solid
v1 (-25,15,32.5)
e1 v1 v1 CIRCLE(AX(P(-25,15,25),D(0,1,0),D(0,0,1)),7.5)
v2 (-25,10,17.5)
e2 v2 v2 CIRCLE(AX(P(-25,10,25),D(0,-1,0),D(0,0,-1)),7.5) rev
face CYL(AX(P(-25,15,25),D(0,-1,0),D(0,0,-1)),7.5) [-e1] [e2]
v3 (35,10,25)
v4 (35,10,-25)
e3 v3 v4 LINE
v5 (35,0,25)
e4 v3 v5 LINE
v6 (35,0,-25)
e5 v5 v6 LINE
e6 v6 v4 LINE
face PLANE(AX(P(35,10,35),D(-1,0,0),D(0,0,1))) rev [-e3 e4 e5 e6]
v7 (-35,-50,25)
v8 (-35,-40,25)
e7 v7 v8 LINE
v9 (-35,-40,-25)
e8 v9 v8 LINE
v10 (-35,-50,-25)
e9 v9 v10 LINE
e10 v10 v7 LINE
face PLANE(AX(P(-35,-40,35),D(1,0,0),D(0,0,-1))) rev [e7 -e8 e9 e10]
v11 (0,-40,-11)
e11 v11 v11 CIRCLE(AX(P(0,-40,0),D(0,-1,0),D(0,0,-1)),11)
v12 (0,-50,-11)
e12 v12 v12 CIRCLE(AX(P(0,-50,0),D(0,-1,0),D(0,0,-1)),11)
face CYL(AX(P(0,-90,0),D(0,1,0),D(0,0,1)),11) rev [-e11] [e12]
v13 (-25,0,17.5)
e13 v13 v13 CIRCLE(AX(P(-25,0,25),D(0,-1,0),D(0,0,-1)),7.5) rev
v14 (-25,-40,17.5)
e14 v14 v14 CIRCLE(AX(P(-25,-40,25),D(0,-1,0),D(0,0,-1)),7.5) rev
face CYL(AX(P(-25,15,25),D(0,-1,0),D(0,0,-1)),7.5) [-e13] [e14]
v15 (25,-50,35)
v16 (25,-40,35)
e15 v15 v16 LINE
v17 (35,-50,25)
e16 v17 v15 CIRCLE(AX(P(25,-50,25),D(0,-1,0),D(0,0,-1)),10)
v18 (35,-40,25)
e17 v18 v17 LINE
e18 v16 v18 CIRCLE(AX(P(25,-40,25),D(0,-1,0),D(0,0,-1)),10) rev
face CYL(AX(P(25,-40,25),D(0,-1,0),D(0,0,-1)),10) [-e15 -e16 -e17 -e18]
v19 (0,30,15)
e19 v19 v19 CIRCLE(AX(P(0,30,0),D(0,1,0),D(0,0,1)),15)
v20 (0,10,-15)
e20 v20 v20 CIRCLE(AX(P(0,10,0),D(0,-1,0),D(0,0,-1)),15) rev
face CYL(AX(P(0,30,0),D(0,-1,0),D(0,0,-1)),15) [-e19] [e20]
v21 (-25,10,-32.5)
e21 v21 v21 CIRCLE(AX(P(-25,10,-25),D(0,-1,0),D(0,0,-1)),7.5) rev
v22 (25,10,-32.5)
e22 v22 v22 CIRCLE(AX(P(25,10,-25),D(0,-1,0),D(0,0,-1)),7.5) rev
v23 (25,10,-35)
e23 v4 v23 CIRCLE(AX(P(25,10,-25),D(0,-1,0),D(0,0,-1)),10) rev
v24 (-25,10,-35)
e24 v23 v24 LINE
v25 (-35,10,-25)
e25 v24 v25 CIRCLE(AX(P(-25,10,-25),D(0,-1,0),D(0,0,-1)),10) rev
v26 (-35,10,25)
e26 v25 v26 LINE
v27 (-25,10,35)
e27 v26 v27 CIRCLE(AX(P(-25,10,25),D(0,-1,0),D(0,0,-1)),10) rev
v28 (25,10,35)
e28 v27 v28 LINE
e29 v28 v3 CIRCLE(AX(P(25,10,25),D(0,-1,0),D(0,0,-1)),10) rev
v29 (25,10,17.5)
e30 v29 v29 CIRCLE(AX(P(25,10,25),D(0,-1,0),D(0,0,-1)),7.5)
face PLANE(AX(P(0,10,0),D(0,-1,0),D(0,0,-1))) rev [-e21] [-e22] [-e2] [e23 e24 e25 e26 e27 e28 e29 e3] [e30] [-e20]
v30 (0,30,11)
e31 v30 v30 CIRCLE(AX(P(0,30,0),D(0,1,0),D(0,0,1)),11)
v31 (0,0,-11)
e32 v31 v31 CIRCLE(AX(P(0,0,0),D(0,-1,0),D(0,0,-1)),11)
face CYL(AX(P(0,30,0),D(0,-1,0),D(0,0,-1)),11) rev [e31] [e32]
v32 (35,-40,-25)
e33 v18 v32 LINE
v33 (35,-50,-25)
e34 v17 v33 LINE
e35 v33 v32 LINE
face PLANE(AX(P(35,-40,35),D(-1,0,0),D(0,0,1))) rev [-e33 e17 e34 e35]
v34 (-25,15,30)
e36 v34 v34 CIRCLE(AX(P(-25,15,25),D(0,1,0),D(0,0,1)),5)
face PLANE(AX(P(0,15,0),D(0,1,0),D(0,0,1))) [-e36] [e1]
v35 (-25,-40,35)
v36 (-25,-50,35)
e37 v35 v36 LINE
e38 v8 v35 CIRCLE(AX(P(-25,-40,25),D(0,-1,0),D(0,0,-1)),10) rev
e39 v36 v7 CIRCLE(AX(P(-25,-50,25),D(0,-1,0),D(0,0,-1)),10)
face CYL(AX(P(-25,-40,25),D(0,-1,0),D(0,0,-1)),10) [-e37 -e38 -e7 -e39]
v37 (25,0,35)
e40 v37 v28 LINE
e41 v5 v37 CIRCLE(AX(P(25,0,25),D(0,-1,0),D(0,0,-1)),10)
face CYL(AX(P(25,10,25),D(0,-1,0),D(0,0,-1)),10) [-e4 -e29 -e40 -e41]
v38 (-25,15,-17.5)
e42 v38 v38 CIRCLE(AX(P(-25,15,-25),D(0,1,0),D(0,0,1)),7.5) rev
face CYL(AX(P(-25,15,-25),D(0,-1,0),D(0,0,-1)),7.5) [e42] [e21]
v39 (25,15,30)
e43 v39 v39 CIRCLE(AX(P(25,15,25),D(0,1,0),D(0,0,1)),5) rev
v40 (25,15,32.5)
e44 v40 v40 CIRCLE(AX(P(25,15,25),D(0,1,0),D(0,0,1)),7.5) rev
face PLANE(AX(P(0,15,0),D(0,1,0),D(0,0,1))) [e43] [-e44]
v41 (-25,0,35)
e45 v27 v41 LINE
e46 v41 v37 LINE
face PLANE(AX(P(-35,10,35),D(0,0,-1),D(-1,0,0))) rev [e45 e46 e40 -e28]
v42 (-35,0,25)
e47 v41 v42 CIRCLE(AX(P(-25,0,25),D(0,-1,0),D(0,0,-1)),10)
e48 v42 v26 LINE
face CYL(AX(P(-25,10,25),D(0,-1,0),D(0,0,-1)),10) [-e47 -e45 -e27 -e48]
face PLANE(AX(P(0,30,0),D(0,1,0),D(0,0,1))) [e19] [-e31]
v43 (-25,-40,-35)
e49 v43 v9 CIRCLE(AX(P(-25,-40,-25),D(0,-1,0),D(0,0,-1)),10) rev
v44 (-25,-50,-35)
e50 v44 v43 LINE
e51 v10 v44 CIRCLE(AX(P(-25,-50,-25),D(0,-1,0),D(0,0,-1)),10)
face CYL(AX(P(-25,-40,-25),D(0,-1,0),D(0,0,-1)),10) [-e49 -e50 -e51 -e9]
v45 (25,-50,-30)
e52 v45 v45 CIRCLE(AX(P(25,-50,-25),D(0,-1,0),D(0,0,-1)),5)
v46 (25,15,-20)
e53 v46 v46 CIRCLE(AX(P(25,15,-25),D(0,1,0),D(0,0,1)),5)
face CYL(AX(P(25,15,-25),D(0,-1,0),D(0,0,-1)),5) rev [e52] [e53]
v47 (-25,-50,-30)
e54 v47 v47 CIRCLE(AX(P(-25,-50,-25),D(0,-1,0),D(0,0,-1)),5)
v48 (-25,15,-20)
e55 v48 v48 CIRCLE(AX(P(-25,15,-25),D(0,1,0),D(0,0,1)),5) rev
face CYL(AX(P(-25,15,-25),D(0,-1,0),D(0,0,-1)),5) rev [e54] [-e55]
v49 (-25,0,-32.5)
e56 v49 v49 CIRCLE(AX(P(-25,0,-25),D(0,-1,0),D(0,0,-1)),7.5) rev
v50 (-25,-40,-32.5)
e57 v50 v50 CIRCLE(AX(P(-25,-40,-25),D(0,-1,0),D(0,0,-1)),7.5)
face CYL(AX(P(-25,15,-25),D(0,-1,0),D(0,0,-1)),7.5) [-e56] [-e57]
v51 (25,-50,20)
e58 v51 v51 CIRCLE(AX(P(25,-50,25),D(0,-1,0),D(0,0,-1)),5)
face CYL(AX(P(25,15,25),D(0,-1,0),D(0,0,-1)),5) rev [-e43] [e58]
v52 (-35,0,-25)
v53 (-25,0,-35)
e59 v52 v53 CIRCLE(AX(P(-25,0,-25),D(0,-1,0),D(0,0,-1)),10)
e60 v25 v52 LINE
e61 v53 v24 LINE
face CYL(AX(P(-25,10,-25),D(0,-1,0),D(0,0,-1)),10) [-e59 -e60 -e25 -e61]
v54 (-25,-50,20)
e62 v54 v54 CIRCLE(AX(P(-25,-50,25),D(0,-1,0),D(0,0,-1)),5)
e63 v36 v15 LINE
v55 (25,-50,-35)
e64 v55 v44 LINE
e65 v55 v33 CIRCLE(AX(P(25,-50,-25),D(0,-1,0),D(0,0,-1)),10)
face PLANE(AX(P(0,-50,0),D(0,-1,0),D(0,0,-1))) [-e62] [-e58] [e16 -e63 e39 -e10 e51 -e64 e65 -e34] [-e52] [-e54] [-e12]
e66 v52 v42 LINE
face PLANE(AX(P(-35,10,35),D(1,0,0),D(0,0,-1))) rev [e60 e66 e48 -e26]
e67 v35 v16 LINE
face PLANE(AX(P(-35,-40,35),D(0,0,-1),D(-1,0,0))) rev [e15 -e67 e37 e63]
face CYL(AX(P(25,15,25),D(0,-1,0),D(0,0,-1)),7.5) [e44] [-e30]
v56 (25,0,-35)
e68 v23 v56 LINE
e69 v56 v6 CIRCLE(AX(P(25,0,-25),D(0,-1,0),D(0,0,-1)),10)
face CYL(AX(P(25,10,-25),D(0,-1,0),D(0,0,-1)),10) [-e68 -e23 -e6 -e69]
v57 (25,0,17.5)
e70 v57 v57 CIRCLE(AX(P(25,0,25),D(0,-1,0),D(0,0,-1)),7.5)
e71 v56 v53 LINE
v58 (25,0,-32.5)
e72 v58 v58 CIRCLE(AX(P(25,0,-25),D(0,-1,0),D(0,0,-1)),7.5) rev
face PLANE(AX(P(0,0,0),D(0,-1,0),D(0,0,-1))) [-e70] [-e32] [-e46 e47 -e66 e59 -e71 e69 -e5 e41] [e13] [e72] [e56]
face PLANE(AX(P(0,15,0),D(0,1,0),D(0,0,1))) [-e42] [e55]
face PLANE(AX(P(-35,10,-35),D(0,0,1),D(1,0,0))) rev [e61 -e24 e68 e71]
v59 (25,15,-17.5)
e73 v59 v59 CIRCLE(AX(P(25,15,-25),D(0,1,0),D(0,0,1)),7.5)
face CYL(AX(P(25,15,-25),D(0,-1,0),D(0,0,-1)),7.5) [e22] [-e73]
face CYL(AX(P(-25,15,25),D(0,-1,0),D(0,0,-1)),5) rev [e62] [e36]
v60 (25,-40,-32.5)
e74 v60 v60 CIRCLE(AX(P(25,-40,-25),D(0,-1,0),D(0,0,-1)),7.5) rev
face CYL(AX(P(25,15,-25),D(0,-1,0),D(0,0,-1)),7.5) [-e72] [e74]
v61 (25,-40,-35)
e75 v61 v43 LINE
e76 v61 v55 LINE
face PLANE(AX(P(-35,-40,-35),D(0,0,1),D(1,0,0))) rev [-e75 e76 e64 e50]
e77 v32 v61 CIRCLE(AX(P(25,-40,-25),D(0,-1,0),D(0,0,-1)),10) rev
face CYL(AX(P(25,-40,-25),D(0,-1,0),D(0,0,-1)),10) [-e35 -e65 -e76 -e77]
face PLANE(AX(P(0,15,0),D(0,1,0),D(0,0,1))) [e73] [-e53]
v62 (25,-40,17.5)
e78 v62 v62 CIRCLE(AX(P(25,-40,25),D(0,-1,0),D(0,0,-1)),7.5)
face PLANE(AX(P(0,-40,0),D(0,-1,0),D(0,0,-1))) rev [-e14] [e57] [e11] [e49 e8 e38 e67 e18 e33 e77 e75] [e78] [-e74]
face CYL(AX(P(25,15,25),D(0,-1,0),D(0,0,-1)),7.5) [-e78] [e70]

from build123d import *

# Parameters (mm, degrees)
SKETCH1_W                = 70
SKETCH1_H                = 70
BOSS_EXTRUDE1_DEPTH      = 10
LPATTERN2_COUNT          = 2
LPATTERN2_PITCH          = 50
SKETCH2_R                = 15
SKETCH2_R_2              = 11
BOSS_EXTRUDE2_DEPTH      = 20
BOSS_EXTRUDE3_DEPTH      = 5
BOSS_EXTRUDE3_DEPTH_BACK = 55
SKETCH2_3_R              = 7.5
SKETCH2_3_R_2            = 5
CUT_EXTRUDE1_START       = -100
SKETCH3_R                = 5
SKETCH3_R_2              = 11
CUT_EXTRUDE1_DEPTH       = 100
FILLET1_R                = 10


with BuildPart() as part:
    # Sketch1 → Boss-Extrude1 (new body)
    with BuildSketch(Plane(origin=(0, 0, 0), x_dir=(1, 0, 0), z_dir=(0, 1, 0))):
        Rectangle(SKETCH1_W, SKETCH1_H)
    extrude(amount=BOSS_EXTRUDE1_DEPTH)


with BuildPart() as lpattern2_1:
    # LPattern2: pattern copy
    add(part.part.moved(Location(Vector(0, -1, 0) * (1 * LPATTERN2_PITCH))))


with BuildPart() as part_1:
    add(part.part)

    # Sketch2 → Boss-Extrude2 (add)
    with BuildSketch(Plane(origin=(0, 10, 0), x_dir=(1, 0, 0), z_dir=(0, 1, 0))):
        Circle(SKETCH2_R)
        Circle(SKETCH2_R_2, mode=Mode.SUBTRACT)
    extrude(amount=BOSS_EXTRUDE2_DEPTH)

    add(lpattern2_1.part)  # Boss-Extrude3 merges LPattern2_1
    # Sketch2<3> → Boss-Extrude3 (add, two sides: drawn at the far end of the back side and taken through both)
    # profile 1 of 4: a face of its own
    with BuildSketch(Plane(origin=(0, 10, 0), x_dir=(1, 0, 0), z_dir=(0, 1, 0)).offset(-BOSS_EXTRUDE3_DEPTH_BACK)):
        with Locations((25, 25)):
            Circle(SKETCH2_3_R)
        with Locations((25, 25)):
            Circle(SKETCH2_3_R_2, mode=Mode.SUBTRACT)
    # profile 2 of 4: a face of its own
    with BuildSketch(Plane(origin=(0, 10, 0), x_dir=(1, 0, 0), z_dir=(0, 1, 0)).offset(-BOSS_EXTRUDE3_DEPTH_BACK)):
        with Locations((-25, 25)):
            Circle(SKETCH2_3_R)
        with Locations((-25, 25)):
            Circle(SKETCH2_3_R_2, mode=Mode.SUBTRACT)
    # profile 3 of 4: a face of its own
    with BuildSketch(Plane(origin=(0, 10, 0), x_dir=(1, 0, 0), z_dir=(0, 1, 0)).offset(-BOSS_EXTRUDE3_DEPTH_BACK)):
        with Locations((25, -25)):
            Circle(SKETCH2_3_R)
        with Locations((25, -25)):
            Circle(SKETCH2_3_R_2, mode=Mode.SUBTRACT)
    # profile 4 of 4: a face of its own
    with BuildSketch(Plane(origin=(0, 10, 0), x_dir=(1, 0, 0), z_dir=(0, 1, 0)).offset(-BOSS_EXTRUDE3_DEPTH_BACK)):
        with Locations((-25, -25)):
            Circle(SKETCH2_3_R)
        with Locations((-25, -25)):
            Circle(SKETCH2_3_R_2, mode=Mode.SUBTRACT)
    extrude(amount=BOSS_EXTRUDE3_DEPTH + BOSS_EXTRUDE3_DEPTH_BACK)

    # Sketch3 → Cut-Extrude1 (cut)
    with BuildSketch(Plane(origin=(0, 10, 0), x_dir=(1, 0, 0), z_dir=(0, 1, 0)).offset(CUT_EXTRUDE1_START)):
        with Locations((-25, -25)):
            Circle(SKETCH3_R)
        with Locations((-25, 25)):
            Circle(SKETCH3_R)
        with Locations((25, -25)):
            Circle(SKETCH3_R)
        with Locations((25, 25)):
            Circle(SKETCH3_R)
        Circle(SKETCH3_R_2)
    extrude(amount=CUT_EXTRUDE1_DEPTH, mode=Mode.SUBTRACT)

    # Fillet1
    fillet1_edges = [part_1.edges().sort_by_distance(p)[0] for p in [
        (35, -45, 35),
        (35, -45, -35),
        (-35, -45, -35),
        (-35, -45, 35),
        (-35, 5, 35),
        (-35, 5, -35),
        (35, 5, -35),
        (35, 5, 35),
    ]]
    fillet(fillet1_edges, radius=FILLET1_R)


solid = part_1.part
